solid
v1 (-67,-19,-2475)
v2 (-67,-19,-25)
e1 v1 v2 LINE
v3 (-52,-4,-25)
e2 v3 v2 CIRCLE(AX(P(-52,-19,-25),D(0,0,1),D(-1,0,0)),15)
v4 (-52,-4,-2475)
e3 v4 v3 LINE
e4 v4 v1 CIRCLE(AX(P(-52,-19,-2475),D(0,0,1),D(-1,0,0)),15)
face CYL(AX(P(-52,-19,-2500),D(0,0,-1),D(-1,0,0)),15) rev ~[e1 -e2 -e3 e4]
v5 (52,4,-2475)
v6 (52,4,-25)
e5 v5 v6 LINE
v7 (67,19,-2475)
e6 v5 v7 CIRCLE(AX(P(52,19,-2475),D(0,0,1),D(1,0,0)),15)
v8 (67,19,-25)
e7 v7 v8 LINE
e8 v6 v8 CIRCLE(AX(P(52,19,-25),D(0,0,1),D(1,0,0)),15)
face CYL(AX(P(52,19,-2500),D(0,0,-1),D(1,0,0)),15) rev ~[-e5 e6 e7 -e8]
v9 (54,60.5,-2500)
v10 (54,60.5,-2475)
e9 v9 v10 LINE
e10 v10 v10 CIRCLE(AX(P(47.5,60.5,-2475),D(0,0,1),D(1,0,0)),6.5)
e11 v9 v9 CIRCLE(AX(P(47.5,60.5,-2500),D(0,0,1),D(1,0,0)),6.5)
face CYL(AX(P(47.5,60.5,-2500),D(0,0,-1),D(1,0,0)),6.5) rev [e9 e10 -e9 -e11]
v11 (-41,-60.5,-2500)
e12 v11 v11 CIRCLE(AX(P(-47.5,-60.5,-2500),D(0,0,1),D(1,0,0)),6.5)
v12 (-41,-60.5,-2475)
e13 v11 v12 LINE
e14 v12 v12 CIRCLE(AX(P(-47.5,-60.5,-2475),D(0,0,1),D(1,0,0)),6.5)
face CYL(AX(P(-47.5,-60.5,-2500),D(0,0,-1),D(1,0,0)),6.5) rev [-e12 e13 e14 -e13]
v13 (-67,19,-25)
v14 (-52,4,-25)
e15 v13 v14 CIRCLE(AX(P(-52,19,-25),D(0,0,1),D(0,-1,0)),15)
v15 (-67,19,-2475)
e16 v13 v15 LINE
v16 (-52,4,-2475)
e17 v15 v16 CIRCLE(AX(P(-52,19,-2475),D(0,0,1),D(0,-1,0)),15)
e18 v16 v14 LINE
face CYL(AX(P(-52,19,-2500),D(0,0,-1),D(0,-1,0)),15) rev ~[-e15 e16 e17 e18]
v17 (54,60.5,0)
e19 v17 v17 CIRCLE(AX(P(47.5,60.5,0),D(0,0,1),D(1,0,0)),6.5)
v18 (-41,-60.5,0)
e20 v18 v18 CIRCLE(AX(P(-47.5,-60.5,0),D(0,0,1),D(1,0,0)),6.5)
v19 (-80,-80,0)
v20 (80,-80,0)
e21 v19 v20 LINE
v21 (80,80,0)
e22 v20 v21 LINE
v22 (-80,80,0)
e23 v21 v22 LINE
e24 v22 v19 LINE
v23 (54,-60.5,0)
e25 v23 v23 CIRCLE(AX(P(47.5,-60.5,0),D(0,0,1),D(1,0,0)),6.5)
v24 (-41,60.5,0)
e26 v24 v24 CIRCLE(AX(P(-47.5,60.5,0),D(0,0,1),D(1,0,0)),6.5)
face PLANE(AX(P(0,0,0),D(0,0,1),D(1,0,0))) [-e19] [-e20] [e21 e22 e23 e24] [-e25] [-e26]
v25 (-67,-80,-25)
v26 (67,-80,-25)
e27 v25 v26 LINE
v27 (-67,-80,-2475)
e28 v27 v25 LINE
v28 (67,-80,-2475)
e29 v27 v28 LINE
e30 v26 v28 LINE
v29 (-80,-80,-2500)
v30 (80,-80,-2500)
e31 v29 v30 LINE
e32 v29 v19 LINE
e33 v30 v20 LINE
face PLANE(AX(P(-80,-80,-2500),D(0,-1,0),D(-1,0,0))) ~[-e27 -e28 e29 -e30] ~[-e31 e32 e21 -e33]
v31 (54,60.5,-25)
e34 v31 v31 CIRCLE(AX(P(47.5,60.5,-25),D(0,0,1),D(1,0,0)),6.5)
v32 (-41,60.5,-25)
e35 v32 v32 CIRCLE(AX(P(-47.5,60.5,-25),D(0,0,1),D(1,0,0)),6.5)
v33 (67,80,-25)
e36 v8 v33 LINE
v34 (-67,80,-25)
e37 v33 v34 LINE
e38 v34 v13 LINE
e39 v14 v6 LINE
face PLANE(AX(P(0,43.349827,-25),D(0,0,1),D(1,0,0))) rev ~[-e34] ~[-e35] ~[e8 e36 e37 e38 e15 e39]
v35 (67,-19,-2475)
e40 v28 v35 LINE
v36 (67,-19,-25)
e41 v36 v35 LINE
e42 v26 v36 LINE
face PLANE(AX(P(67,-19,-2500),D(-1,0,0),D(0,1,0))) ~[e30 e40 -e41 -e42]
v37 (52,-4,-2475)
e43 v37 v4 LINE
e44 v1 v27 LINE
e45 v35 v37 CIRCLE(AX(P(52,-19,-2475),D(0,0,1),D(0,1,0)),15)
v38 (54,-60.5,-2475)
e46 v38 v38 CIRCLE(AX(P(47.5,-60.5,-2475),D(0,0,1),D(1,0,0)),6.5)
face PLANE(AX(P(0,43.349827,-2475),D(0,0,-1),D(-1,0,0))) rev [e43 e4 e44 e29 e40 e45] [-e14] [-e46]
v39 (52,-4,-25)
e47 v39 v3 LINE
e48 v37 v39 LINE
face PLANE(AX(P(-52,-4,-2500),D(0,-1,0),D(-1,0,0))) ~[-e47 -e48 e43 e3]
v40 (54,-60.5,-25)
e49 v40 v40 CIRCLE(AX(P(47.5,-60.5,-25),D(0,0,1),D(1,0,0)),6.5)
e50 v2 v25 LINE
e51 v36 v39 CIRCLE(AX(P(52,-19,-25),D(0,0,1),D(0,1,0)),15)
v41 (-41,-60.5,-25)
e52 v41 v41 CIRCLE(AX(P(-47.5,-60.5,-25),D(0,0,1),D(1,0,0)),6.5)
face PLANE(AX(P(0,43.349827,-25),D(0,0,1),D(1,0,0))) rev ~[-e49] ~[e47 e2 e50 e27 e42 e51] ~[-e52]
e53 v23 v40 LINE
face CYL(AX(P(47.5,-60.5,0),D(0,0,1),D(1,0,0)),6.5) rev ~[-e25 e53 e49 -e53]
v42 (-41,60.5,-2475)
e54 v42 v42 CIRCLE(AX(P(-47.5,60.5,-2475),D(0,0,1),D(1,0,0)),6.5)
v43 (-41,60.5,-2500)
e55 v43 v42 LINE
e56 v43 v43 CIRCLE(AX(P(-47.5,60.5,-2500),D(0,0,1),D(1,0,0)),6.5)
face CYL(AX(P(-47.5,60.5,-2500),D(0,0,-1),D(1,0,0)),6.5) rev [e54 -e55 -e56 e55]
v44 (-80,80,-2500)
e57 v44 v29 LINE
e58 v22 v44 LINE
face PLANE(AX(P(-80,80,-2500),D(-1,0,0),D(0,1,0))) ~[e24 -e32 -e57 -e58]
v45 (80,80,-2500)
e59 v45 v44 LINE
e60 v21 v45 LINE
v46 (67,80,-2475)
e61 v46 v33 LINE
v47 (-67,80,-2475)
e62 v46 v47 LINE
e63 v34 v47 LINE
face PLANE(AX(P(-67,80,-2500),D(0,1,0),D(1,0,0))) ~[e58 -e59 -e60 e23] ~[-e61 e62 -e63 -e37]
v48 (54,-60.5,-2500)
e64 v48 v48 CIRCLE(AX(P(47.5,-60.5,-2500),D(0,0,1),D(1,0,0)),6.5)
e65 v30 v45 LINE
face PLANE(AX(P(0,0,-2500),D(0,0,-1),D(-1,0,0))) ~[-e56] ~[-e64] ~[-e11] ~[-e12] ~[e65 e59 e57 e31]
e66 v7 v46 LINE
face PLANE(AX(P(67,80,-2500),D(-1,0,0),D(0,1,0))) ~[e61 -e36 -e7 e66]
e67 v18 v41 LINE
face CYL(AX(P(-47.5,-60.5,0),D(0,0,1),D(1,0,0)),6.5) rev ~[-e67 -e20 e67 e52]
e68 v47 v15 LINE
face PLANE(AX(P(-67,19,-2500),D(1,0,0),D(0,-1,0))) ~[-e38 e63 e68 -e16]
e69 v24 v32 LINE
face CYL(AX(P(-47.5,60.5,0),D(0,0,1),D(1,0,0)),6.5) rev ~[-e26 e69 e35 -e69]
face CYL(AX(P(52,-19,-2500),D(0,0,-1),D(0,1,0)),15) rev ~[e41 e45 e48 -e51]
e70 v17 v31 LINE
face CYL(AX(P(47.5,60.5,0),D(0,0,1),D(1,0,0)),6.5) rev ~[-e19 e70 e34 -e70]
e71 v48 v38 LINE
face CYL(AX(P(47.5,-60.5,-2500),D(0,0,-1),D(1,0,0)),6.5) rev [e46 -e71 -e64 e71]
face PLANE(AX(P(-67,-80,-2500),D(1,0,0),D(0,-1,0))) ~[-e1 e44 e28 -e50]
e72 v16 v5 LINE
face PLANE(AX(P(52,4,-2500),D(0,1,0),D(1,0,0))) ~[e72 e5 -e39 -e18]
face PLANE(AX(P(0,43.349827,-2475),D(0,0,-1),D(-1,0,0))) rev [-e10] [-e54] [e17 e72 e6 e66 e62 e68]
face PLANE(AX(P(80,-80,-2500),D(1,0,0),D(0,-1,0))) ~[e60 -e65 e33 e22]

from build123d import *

# Parameters (mm, degrees)
F2_DEPTH = 1250
F1_R     = 6.5
F3_DEPTH = 25


with BuildPart() as f2:
    # F1 (on Top) → F2 (new body)
    with BuildSketch(Plane.XY):
        with BuildLine():
            Line((-80, 80), (-80, -80))
            Line((-80, -80), (-67, -80))
            Line((-67, -80), (-67, -19))
            ThreePointArc((-67, -19), (-62.6066017178, -8.3933982822), (-52, -4))
            Line((-52, -4), (52, -4))
            ThreePointArc((52, -4), (62.6066017178, -8.3933982822), (67, -19))
            Line((67, -19), (67, -80))
            Line((67, -80), (80, -80))
            Line((80, -80), (80, 80))
            Line((80, 80), (67, 80))
            Line((67, 80), (67, 19))
            ThreePointArc((67, 19), (62.6066017178, 8.3933982822), (52, 4))
            Line((52, 4), (-52, 4))
            ThreePointArc((-52, 4), (-62.6066017178, 8.3933982822), (-67, 19))
            Line((-67, 19), (-67, 80))
            Line((-67, 80), (-80, 80))
        make_face()
    extrude(amount=-F2_DEPTH)

    # F1 (on Top) → F3 (join)
    with BuildSketch(Plane.XY):
        with BuildLine():
            Line((67, 80), (-67, 80))
            Line((-67, 80), (-67, 19))
            ThreePointArc((-67, 19), (-62.6066017178, 8.3933982822), (-52, 4))
            Line((-52, 4), (52, 4))
            ThreePointArc((52, 4), (62.6066017178, 8.3933982822), (67, 19))
            Line((67, 19), (67, 80))
        make_face()
        with Locations((-47.5, 60.5)):
            Circle(F1_R, mode=Mode.SUBTRACT)
        with Locations((47.5, 60.5)):
            Circle(F1_R, mode=Mode.SUBTRACT)
        with BuildLine():
            Line((-80, 80), (-80, -80))
            Line((-80, -80), (-67, -80))
            Line((-67, -80), (-67, -19))
            ThreePointArc((-67, -19), (-62.6066017178, -8.3933982822), (-52, -4))
            Line((-52, -4), (52, -4))
            ThreePointArc((52, -4), (62.6066017178, -8.3933982822), (67, -19))
            Line((67, -19), (67, -80))
            Line((67, -80), (80, -80))
            Line((80, -80), (80, 80))
            Line((80, 80), (67, 80))
            Line((67, 80), (67, 19))
            ThreePointArc((67, 19), (62.6066017178, 8.3933982822), (52, 4))
            Line((52, 4), (-52, 4))
            ThreePointArc((-52, 4), (-62.6066017178, 8.3933982822), (-67, 19))
            Line((-67, 19), (-67, 80))
            Line((-67, 80), (-80, 80))
        make_face()
        with BuildLine():
            Line((-67, -19), (-67, -80))
            Line((-67, -80), (67, -80))
            Line((67, -80), (67, -19))
            ThreePointArc((67, -19), (62.6066017178, -8.3933982822), (52, -4))
            Line((52, -4), (-52, -4))
            ThreePointArc((-52, -4), (-62.6066017178, -8.3933982822), (-67, -19))
        make_face()
        with Locations((-47.5, -60.5)):
            Circle(F1_R, mode=Mode.SUBTRACT)
        with Locations((47.5, -60.5)):
            Circle(F1_R, mode=Mode.SUBTRACT)
    extrude(amount=-F3_DEPTH)

    # F4: F2 across face


with BuildPart() as f2_1:
    add(f2.part)
    add(f2.part.mirror(Plane(origin=(0, 0, -1250), x_dir=(1, 0, 0), z_dir=(0, 0, -1))))


solid = f2_1.part
